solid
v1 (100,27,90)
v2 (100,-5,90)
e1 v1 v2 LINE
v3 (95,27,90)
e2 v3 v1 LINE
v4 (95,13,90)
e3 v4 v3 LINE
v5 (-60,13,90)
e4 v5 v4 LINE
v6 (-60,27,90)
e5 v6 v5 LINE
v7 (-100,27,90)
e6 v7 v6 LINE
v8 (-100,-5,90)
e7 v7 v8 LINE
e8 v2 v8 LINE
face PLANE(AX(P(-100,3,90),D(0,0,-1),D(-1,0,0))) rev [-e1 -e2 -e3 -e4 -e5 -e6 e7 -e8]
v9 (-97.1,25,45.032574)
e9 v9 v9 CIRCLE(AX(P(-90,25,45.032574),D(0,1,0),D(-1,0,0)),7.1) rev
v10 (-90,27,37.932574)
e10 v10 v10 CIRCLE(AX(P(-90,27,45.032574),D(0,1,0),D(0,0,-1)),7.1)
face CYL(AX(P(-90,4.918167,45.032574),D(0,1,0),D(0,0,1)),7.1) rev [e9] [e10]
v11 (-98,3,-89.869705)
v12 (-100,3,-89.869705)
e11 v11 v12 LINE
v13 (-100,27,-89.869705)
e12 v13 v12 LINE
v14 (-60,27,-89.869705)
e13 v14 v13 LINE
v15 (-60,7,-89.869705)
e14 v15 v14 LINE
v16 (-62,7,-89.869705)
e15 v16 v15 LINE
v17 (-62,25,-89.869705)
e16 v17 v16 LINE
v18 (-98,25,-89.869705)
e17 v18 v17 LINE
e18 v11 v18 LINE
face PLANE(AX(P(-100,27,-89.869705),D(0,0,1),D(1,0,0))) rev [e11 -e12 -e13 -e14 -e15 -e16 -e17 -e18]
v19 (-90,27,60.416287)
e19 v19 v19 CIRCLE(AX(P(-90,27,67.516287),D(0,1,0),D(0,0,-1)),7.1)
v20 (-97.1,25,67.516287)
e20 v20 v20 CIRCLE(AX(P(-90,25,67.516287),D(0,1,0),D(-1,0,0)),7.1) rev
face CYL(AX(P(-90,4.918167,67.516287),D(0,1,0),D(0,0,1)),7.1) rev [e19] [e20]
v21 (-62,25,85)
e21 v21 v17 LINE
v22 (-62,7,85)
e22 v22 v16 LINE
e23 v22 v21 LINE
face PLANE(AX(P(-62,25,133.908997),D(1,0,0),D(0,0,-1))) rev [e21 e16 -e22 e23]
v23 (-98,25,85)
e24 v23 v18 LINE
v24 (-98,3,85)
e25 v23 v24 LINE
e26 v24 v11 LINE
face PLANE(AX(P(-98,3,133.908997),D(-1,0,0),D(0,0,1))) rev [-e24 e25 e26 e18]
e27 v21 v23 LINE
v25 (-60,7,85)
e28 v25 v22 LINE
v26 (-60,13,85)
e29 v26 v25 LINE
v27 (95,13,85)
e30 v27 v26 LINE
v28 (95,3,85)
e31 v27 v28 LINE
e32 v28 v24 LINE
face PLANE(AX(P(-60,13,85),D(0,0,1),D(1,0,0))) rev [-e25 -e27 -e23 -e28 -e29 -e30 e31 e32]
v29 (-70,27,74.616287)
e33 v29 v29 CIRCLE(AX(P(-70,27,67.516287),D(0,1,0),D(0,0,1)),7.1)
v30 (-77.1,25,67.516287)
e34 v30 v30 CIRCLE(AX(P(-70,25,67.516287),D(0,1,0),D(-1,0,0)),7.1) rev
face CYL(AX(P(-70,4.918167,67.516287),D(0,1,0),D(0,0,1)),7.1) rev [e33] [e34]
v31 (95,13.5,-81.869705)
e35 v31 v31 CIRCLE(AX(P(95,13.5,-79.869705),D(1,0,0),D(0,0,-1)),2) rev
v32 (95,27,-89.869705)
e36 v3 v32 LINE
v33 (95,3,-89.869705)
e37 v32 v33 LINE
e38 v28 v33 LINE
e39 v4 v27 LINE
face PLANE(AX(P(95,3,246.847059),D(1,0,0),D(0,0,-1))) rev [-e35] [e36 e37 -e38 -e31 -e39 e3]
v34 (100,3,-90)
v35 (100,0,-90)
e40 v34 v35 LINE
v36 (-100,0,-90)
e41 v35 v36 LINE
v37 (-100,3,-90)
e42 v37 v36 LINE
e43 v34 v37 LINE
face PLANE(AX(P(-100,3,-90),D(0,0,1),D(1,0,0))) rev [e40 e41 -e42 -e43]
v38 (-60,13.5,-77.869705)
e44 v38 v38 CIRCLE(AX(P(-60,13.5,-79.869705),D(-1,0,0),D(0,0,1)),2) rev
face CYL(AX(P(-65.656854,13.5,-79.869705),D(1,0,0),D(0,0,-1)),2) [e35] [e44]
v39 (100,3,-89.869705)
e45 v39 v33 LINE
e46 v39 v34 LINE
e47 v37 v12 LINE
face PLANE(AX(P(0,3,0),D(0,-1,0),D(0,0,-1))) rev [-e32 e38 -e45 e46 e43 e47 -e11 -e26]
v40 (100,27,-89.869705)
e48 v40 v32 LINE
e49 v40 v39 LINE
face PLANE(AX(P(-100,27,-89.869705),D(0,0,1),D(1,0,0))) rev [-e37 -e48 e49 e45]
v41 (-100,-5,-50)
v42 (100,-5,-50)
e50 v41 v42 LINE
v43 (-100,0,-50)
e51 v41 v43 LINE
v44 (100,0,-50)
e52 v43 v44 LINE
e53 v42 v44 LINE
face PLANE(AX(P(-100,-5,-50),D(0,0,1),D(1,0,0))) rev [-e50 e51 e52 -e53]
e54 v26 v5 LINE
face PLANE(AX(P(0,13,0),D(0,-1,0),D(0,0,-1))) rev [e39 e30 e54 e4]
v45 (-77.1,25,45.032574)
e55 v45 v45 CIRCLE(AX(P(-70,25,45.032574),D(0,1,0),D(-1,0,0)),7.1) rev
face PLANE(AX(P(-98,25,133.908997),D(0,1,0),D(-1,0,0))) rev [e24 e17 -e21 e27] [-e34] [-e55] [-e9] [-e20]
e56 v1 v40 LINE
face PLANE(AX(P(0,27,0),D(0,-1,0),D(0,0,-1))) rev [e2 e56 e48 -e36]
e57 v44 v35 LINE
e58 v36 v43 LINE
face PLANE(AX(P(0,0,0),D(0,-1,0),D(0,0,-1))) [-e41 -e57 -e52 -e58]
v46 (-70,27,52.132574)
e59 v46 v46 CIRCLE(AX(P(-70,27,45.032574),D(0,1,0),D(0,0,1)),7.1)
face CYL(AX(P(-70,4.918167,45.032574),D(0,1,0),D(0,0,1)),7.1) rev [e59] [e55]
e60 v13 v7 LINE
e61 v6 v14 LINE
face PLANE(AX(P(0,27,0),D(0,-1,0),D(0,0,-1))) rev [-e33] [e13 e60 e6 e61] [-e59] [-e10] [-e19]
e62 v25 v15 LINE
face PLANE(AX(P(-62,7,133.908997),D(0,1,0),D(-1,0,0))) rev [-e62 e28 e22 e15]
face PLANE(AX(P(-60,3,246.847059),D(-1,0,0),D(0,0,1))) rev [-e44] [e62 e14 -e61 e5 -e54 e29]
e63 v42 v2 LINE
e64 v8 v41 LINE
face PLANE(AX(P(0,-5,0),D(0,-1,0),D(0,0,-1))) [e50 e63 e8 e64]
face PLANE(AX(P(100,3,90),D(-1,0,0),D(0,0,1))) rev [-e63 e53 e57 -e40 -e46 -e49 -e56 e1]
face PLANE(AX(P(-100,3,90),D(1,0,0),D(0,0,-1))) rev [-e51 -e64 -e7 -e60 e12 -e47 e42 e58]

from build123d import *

# Parameters (mm, degrees)
SKETCH1_W           = 200
SKETCH1_H           = 180
BOSS_EXTRUDE1_DEPTH = 3
SKETCH2_W           = 200
SKETCH2_H           = 140
BOSS_EXTRUDE2_DEPTH = 5
SKETCH6_W           = 200
SKETCH6_H           = 179.869705491
BOSS_EXTRUDE3_DEPTH = 24
SKETCH7_W           = 155
SKETCH7_H           = 24
CUT_EXTRUDE1_DEPTH  = 179.869705491
SKETCH8_R           = 2
BOSS_EXTRUDE4_DEPTH = 155
SKETCH9_W           = 155
SKETCH9_H           = 5
BOSS_EXTRUDE5_DEPTH = 10
CUT_EXTRUDE3_DEPTH  = 174.869705491
SKETCH12_R          = 7.1
CUT_EXTRUDE4_DEPTH  = 2


with BuildPart() as part:
    # Sketch1 → Boss-Extrude1 (new body)
    with BuildSketch(Plane(origin=(0, 0, 0), x_dir=(1, 0, 0), z_dir=(0, 1, 0))):
        Rectangle(SKETCH1_W, SKETCH1_H)
    extrude(amount=BOSS_EXTRUDE1_DEPTH)

    # Sketch2 → Boss-Extrude2 (add)
    with BuildSketch(Plane.XZ):
        with Locations((0, 20)):
            Rectangle(SKETCH2_W, SKETCH2_H)
    extrude(amount=BOSS_EXTRUDE2_DEPTH)

    # Sketch6 → Boss-Extrude3 (add)
    with BuildSketch(Plane(origin=(0, 3, 0), x_dir=(1, 0, 0), z_dir=(0, 1, 0))):
        with Locations((0, -0.065147254)):
            Rectangle(SKETCH6_W, SKETCH6_H)
    extrude(amount=BOSS_EXTRUDE3_DEPTH)

    # Sketch7 → Cut-Extrude1 (cut)
    with BuildSketch(Plane(origin=(0, 0, -89.869705491), x_dir=(-1, 0, 0), z_dir=(0, 0, -1))):
        with Locations((-17.5, 15)):
            Rectangle(SKETCH7_W, SKETCH7_H)
    extrude(amount=-CUT_EXTRUDE1_DEPTH, mode=Mode.SUBTRACT)

    # Sketch8 → Boss-Extrude4 (add)
    with BuildSketch(Plane.ZY.offset(-95)):
        with Locations(Location((-79.869705491, 13.5, 0), (0, 0, 180))):
            Circle(SKETCH8_R)
    extrude(amount=BOSS_EXTRUDE4_DEPTH)

    # Sketch9 → Boss-Extrude5 (add)
    with BuildSketch(Plane(origin=(0, 3, 0), x_dir=(1, 0, 0), z_dir=(0, 1, 0))):
        with Locations((17.5, -87.5)):
            Rectangle(SKETCH9_W, SKETCH9_H)
    extrude(amount=BOSS_EXTRUDE5_DEPTH)

    # Sketch11 → Cut-Extrude3 (cut)
    with BuildSketch(Plane(origin=(0, 0, -89.869705491), x_dir=(-1, 0, 0), z_dir=(0, 0, -1))):
        Polygon((60, 3), (98, 3), (98, 25), (62, 25), (62, 7), (60, 7), align=None)
    extrude(amount=-CUT_EXTRUDE3_DEPTH, mode=Mode.SUBTRACT)

    # Sketch12 → Cut-Extrude4 (cut)
    with BuildSketch(Plane(origin=(0, 27, 0), x_dir=(1, 0, 0), z_dir=(0, 1, 0))):
        with Locations(Location((-70, -45.032573627, 0), (0, 0, 270))):
            Circle(SKETCH12_R)
        with Locations(Location((-70, -67.516286814, 0), (0, 0, 270))):
            Circle(SKETCH12_R)
        with Locations(Location((-90, -67.516286814, 0), (0, 0, 180))):
            Circle(SKETCH12_R)
        with Locations(Location((-90, -45.032573627, 0), (0, 0, 180))):
            Circle(SKETCH12_R)
    extrude(amount=-CUT_EXTRUDE4_DEPTH, mode=Mode.SUBTRACT)


solid = part.part
